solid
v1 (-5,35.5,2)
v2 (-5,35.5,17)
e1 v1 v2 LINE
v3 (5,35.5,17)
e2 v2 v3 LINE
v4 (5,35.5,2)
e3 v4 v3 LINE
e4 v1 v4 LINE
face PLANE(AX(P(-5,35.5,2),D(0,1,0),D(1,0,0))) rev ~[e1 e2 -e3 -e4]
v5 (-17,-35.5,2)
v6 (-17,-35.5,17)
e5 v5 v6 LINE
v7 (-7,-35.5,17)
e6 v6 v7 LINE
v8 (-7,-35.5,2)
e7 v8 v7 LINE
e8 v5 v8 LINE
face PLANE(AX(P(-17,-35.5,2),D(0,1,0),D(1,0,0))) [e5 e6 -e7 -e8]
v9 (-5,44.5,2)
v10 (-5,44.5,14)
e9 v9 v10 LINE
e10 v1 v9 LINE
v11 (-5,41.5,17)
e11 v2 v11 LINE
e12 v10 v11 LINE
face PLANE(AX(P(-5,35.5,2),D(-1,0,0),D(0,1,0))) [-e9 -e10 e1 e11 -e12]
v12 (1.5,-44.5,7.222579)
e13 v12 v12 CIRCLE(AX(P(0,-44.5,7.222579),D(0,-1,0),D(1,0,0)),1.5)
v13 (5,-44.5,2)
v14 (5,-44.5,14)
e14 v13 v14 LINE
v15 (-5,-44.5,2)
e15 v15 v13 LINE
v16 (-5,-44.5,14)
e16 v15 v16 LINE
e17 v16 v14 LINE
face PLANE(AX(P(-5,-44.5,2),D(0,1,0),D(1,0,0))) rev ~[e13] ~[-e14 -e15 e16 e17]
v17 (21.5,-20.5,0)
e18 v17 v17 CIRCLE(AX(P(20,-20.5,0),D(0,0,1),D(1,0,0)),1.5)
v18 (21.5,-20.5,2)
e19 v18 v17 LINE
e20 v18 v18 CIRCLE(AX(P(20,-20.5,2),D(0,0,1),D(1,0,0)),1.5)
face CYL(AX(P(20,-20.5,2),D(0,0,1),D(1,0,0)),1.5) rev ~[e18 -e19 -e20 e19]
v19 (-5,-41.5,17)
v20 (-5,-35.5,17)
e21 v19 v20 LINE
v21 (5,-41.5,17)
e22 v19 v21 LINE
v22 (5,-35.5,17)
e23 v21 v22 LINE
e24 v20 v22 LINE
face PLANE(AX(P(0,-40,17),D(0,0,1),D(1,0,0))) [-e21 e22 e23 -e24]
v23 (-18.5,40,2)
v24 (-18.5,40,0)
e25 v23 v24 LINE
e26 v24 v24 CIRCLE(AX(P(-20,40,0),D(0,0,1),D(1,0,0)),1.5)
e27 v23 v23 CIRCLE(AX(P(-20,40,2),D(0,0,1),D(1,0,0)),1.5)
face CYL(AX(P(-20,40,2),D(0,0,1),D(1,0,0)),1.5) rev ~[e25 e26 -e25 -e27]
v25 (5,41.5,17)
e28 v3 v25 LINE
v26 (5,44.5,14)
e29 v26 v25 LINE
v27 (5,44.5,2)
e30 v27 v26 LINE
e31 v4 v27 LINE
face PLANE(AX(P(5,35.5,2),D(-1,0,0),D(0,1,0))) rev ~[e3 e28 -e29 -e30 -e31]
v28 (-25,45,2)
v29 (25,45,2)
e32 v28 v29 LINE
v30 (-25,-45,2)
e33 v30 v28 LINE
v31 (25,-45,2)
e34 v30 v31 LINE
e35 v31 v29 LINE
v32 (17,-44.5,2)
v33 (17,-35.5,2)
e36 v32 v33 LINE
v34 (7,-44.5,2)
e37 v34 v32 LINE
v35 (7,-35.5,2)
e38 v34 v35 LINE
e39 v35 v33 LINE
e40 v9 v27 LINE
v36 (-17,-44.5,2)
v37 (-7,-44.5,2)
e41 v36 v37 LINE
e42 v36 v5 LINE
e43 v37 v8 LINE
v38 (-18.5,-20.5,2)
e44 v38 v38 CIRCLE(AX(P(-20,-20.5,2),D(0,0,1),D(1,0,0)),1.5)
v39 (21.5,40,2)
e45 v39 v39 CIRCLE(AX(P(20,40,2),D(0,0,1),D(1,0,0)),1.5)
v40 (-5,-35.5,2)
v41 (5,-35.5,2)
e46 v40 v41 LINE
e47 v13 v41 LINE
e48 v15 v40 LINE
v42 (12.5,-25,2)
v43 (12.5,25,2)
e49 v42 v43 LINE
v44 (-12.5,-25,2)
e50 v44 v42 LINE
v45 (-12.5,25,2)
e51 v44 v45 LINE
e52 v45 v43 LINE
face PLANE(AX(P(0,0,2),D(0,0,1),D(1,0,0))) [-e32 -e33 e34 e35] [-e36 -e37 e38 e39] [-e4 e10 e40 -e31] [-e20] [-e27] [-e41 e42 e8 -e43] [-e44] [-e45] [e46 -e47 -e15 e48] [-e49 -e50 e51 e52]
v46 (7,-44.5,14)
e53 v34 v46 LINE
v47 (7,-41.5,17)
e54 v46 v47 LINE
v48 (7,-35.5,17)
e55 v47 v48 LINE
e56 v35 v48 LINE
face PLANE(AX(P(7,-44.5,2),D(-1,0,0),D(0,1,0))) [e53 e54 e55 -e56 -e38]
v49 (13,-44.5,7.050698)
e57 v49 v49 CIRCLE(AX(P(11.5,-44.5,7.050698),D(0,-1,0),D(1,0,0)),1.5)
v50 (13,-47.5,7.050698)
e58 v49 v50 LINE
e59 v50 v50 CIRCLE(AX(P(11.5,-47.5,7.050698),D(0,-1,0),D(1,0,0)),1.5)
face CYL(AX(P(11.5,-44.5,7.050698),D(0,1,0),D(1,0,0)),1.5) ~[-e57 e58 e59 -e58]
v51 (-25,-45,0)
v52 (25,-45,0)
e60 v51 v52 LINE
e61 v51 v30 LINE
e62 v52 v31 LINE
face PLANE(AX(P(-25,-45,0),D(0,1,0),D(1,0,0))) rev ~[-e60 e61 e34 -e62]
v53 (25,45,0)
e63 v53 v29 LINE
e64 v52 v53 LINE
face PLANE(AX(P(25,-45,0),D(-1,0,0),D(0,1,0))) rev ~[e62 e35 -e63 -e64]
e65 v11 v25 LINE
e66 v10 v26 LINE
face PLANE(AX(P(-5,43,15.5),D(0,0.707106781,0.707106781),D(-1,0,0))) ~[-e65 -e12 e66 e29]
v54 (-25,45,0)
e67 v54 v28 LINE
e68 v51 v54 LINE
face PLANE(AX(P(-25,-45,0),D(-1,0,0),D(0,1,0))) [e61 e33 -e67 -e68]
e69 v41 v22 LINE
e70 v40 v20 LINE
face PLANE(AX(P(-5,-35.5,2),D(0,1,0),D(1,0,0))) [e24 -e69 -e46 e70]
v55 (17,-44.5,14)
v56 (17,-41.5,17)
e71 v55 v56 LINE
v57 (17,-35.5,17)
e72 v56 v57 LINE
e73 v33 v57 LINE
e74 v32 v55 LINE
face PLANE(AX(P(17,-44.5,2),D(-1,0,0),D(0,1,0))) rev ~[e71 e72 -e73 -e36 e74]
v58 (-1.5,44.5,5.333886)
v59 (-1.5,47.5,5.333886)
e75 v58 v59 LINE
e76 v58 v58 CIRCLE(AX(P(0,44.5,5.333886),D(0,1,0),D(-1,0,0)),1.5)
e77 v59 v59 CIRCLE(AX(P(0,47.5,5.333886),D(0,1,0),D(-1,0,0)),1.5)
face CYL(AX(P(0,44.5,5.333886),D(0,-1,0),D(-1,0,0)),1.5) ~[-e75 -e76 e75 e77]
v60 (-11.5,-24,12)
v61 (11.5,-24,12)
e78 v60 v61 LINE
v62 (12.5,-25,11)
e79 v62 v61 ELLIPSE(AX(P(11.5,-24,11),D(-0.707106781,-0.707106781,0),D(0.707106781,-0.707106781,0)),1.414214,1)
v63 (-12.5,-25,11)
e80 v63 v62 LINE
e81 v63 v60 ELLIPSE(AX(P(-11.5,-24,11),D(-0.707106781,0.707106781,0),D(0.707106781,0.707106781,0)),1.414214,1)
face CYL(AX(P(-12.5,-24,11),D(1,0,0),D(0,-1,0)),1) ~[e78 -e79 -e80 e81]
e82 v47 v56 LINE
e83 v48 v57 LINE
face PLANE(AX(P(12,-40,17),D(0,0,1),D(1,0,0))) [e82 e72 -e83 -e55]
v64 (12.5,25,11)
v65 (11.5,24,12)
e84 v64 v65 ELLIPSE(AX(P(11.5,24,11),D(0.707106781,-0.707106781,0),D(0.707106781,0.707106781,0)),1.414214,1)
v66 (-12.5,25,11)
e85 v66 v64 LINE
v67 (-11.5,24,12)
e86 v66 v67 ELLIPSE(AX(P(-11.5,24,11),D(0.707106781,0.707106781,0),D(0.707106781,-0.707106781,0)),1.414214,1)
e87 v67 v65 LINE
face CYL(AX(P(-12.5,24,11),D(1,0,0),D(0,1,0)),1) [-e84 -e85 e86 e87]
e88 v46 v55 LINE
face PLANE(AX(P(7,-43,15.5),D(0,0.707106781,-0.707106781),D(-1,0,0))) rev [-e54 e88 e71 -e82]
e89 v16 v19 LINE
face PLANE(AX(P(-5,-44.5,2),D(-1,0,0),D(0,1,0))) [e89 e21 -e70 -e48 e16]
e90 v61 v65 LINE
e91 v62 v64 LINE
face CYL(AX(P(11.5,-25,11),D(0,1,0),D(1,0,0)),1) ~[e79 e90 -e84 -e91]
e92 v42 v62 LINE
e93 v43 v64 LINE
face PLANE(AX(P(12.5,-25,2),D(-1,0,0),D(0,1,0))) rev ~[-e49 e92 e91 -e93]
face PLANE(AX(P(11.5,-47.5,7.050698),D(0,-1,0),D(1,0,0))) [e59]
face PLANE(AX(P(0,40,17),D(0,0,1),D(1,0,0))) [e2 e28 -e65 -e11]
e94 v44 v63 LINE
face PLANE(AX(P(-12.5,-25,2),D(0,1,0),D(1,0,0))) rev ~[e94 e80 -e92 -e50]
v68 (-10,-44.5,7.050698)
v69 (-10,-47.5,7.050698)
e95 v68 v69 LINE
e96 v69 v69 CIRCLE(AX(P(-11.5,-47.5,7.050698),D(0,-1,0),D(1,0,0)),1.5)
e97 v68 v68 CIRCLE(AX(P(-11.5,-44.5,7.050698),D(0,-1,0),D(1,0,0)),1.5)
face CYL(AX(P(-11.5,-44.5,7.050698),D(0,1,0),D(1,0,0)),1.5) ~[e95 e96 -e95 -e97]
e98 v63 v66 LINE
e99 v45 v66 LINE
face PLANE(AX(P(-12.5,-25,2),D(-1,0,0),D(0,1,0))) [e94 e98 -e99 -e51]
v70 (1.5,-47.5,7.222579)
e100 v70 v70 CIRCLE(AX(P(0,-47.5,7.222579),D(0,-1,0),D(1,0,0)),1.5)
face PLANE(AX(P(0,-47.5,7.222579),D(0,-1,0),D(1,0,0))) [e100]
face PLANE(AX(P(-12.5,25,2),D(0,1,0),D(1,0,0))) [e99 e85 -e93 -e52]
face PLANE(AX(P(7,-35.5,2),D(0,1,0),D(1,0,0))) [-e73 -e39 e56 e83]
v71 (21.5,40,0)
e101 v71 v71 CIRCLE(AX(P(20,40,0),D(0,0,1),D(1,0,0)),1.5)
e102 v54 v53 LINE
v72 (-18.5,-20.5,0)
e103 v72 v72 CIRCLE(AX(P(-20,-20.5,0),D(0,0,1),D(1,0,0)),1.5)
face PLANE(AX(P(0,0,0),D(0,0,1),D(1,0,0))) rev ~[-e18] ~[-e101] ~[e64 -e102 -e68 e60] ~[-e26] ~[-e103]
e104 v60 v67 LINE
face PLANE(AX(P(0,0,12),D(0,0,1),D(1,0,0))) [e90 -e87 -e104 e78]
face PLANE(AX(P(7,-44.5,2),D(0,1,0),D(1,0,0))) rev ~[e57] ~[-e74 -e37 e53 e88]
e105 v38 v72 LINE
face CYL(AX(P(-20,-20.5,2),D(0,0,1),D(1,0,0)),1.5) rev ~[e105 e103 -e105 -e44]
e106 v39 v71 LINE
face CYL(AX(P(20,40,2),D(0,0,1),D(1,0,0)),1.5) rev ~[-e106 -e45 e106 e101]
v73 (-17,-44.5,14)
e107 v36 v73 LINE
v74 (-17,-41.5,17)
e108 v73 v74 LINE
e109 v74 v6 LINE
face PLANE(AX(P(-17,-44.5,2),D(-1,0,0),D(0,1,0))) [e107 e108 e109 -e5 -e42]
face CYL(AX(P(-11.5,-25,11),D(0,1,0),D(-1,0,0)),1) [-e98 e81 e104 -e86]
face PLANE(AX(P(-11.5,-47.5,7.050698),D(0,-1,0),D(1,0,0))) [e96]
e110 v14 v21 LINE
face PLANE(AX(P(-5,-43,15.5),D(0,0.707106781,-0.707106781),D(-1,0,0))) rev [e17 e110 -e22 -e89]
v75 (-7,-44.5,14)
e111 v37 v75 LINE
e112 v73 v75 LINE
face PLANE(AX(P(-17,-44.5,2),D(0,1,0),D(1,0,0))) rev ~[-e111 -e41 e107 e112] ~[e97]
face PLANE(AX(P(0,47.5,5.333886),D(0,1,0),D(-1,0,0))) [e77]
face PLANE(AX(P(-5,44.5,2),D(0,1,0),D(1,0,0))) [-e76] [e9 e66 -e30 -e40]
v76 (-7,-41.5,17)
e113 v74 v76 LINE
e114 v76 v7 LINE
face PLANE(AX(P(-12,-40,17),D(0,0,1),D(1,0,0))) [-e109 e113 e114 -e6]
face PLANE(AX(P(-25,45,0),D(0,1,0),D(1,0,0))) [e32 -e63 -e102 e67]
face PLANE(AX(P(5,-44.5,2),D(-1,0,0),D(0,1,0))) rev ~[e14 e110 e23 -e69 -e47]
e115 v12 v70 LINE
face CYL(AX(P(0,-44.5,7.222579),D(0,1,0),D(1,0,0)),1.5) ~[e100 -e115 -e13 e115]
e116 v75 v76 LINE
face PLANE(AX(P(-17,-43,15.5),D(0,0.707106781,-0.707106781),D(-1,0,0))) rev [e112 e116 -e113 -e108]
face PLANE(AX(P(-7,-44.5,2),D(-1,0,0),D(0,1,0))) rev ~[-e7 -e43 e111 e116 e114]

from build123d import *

# Parameters (mm, degrees)
F0_W      = 50
F0_H      = 90
F1_DEPTH  = 2
F2_R      = 1.5
F3_DEPTH  = 2
F4_W      = 25
F4_H      = 50
F5_DEPTH  = 10
F6_W      = 10
F6_H      = 9
F7_DEPTH  = 15
F8_R      = 1.5
F9_DEPTH  = 3
F10_R     = 1.5
F11_DEPTH = 3
F12_R     = 1
F13_SIZE  = 3


with BuildPart() as f1:
    # F0 (on Top) → F1 (new body)
    with BuildSketch(Plane.XY):
        Rectangle(F0_W, F0_H)
    extrude(amount=F1_DEPTH)

    # F2 (on face) → F3 (cut, through all)
    with BuildSketch(Plane.XY.offset(2)):
        with Locations((-20, 40)):
            Circle(F2_R)
        with Locations((20, 40)):
            Circle(F2_R)
        with Locations((-20, -20.5)):
            Circle(F2_R)
        with Locations((20, -20.5)):
            Circle(F2_R)
    extrude(amount=-F3_DEPTH, mode=Mode.SUBTRACT)

    # F4 (on face) → F5 (join)
    with BuildSketch(Plane.XY.offset(2)):
        Rectangle(F4_W, F4_H)
    extrude(amount=F5_DEPTH)

    # F6 (on face) → F7 (join)
    with BuildSketch(Plane.XY.offset(2)):
        with Locations((0, -40)):
            Rectangle(F6_W, F6_H)
        with Locations((0, 40)):
            Rectangle(F6_W, F6_H)
        with Locations((12, -40)):
            Rectangle(F6_W, F6_H)
        with Locations((-12, -40)):
            Rectangle(F6_W, F6_H)
    extrude(amount=F7_DEPTH)

    # F8 (on face) → F9 (join)
    with BuildSketch(Plane(origin=(0, 44.5, 0), x_dir=(-1, 0, 0), z_dir=(0, 1, 0))):
        with Locations((0, 5.333886)):
            Circle(F8_R)
    extrude(amount=F9_DEPTH)

    # F10 (on face) → F11 (join)
    with BuildSketch(Plane.XZ.offset(44.5)):
        with Locations((0, 7.222579)):
            Circle(F10_R)
        with Locations((-11.5, 7.050698)):
            Circle(F10_R)
        with Locations((11.5, 7.050698)):
            Circle(F10_R)
    extrude(amount=F11_DEPTH)

    # F12
    f12_edges = [f1.edges().sort_by_distance(p)[0] for p in [
        (0, -25, 12),
        (12.5, 0, 12),
        (0, 25, 12),
        (-12.5, 0, 12),
    ]]
    fillet(f12_edges, radius=F12_R)

    # F13
    f13_edges = [f1.edges().sort_by_distance(p)[0] for p in [
        (-12, -44.5, 17),
        (0, -44.5, 17),
        (12, -44.5, 17),
        (0, 44.5, 17),
    ]]
    chamfer(f13_edges, length=F13_SIZE)


solid = f1.part
